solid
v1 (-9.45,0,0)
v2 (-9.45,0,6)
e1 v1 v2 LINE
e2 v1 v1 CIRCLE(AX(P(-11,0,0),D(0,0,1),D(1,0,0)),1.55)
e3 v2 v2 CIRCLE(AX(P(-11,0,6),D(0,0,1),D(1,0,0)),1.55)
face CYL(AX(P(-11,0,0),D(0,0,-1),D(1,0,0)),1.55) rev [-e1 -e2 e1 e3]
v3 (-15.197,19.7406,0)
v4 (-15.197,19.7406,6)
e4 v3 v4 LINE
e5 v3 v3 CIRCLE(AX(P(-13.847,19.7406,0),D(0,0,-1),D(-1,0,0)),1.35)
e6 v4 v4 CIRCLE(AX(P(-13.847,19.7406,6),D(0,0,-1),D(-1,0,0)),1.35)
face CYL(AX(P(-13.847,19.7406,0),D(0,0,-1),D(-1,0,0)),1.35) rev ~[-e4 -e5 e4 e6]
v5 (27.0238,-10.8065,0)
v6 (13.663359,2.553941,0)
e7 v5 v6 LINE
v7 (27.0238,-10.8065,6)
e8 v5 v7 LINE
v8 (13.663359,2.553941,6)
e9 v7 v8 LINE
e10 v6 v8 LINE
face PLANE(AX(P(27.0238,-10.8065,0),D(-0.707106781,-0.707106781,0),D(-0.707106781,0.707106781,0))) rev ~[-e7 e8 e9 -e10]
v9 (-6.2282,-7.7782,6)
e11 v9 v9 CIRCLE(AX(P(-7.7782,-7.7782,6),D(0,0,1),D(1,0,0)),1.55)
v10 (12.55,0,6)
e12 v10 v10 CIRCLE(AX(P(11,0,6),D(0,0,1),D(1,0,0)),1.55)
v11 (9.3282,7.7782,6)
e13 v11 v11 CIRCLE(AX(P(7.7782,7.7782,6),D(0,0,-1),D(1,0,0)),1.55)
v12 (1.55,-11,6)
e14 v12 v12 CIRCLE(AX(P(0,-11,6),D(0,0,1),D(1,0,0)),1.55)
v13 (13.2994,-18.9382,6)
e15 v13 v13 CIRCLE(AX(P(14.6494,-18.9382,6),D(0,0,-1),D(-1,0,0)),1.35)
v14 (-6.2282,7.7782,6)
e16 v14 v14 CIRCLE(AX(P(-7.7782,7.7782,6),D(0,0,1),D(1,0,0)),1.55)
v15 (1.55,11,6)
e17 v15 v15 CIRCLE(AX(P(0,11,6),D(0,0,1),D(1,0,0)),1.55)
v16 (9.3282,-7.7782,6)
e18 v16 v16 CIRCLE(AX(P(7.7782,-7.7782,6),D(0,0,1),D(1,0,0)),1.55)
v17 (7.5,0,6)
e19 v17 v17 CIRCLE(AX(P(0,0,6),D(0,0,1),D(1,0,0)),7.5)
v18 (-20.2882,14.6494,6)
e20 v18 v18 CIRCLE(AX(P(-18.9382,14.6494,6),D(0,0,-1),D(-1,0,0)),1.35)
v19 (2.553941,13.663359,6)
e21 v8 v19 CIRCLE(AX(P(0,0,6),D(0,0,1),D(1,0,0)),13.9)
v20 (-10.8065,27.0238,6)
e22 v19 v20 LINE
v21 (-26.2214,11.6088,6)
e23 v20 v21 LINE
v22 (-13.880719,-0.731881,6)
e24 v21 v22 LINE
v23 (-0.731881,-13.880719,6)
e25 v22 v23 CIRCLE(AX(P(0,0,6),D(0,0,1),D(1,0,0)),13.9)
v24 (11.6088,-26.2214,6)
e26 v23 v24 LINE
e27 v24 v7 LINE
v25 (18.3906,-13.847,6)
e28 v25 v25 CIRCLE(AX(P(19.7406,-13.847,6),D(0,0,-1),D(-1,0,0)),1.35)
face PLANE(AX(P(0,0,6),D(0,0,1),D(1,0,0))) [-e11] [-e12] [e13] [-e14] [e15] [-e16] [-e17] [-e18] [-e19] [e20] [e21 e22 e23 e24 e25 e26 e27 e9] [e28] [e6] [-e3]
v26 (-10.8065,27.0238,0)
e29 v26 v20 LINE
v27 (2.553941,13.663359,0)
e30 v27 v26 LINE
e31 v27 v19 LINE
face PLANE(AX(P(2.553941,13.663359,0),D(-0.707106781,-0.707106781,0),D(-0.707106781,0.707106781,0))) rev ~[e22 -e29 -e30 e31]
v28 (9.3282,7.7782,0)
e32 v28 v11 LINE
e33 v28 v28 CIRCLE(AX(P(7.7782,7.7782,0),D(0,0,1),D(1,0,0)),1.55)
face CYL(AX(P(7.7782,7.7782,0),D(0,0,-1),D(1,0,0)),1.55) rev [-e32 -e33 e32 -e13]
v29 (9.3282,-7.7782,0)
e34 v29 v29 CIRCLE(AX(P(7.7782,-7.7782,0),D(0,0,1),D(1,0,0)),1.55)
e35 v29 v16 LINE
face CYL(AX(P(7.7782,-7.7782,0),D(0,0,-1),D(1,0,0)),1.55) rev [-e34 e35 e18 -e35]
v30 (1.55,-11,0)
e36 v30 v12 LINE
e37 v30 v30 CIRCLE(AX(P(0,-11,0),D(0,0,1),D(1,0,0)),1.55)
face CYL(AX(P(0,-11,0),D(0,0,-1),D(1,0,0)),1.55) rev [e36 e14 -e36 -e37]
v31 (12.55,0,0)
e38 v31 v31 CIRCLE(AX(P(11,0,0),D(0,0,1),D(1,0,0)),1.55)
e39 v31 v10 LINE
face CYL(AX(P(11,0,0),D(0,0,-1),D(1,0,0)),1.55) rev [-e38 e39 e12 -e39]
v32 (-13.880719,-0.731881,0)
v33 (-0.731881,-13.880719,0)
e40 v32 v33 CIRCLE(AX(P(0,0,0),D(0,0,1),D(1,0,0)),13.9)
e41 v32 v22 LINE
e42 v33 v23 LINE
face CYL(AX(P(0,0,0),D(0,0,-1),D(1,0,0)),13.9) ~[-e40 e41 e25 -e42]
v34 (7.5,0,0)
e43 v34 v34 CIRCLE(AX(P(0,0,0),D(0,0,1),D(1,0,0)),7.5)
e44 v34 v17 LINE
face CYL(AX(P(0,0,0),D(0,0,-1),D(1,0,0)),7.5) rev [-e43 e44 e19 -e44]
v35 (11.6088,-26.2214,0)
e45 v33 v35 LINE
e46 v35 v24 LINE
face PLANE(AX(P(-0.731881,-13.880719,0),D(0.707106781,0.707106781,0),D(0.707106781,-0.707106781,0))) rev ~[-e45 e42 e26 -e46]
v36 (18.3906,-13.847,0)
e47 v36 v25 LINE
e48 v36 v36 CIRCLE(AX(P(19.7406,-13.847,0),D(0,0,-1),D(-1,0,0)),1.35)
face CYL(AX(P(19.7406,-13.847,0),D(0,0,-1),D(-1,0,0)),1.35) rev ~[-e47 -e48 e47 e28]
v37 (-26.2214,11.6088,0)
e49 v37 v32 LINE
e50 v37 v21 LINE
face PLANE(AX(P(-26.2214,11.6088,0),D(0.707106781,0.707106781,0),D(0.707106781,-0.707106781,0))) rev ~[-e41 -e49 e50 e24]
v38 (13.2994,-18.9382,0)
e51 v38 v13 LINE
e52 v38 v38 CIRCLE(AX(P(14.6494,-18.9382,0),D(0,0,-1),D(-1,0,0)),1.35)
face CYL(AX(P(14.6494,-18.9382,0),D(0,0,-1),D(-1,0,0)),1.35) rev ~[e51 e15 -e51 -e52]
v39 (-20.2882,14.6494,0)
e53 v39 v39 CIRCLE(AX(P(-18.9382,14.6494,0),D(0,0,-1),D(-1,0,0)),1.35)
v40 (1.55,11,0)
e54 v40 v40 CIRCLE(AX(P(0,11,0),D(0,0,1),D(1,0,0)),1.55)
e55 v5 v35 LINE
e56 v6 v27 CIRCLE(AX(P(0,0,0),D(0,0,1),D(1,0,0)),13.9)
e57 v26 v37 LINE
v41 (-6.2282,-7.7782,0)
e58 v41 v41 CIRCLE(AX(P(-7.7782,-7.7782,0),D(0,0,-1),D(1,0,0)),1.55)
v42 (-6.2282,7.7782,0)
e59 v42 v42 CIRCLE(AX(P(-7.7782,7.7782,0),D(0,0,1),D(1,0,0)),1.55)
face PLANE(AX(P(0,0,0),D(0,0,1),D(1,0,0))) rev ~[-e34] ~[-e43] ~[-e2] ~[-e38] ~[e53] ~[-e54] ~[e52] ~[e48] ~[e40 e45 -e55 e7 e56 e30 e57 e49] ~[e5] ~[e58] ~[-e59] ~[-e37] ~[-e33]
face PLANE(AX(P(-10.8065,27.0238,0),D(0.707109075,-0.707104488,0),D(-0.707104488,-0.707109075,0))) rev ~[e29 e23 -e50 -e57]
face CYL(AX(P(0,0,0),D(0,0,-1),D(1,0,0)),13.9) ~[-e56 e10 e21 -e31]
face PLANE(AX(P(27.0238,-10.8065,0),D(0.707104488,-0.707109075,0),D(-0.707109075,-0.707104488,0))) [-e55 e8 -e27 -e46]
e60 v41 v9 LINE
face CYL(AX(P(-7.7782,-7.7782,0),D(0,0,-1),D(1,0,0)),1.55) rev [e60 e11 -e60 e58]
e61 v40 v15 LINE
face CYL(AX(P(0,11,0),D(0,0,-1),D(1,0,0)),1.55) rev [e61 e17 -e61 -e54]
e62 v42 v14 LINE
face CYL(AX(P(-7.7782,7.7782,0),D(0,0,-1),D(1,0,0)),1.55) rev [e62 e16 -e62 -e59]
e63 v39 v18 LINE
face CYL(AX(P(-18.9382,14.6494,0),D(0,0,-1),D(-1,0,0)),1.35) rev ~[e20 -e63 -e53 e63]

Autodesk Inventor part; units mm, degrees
ref_plane "YZ Plane" through (0, 0, 0) normal (1, 0, 0) x (0, 1, 0)
ref_plane "XZ Plane" through (0, 0, 0) normal (0, 1, 0) x (-1, 0, 0)
ref_plane "XY Plane" through (0, 0, 0) normal (0, 0, 1) x (1, 0, 0)
sketch "스케치1" plane through (0, 0, 0) normal (0, 0, 1) x (1, 0, 0)
  circle A0 centre (-7.7782, -7.7782) radius 1.55 projected
  circle A1 centre (7.7782, -7.7782) radius 1.55 projected
  circle A2 centre (7.7782, 7.7782) radius 1.55 projected
  circle A3 centre (-7.7782, 7.7782) radius 1.55 projected
  circle A4 centre (0, 0) radius 5 projected
  circle A5 centre (0, 0) radius 13.9 projected
  circle A6 centre (0, 11) radius 1.55 projected
  circle A7 centre (11, 0) radius 1.55 projected
  circle A8 centre (0, -11) radius 1.55 projected
  circle A9 centre (-11, 0) radius 1.55 projected
  line L0 (27.0238, -10.8065) -> (11.6088, -26.2214) projected
  line L1 (-10.8065, 27.0238) -> (-26.2214, 11.6088) projected
  line L2 (-10.8065, 27.0238) -> (-26.2214, 11.6088) projected
  line L3 (-10.8065, 27.0238) -> (-26.2214, 11.6088)
  line L4 (-26.2214, 11.6088) -> (11.6088, -26.2214)
  line L5 (11.6088, -26.2214) -> (27.0238, -10.8065)
  line L6 (27.0238, -10.8065) -> (-10.8065, 27.0238)
  line L7 (11.6795, -26.1507) -> (26.9531, -10.8772) projected
  line L8 (26.9531, -10.8772) -> (22.7104, -6.6345) projected
  line L9 (7.4369, -21.908) -> (22.7104, -6.6345) projected
  line L10 (11.6795, -26.1507) -> (7.4369, -21.908) projected
  circle A10 centre (0, 0) radius 7.5 projected
  point P0 (0, 0)
  point P1 (-13.8807, -0.7318)
  point P2 (-0.7318, -13.8807)
  point P3 (13.6634, 2.554)
  point P4 (2.554, 13.6634)
extrude "돌출1" add sketch "스케치1" along normal blind 6 contours A0 L4 A5 L6 A2 | A0 L4 A5 | L4 L1 L6 A5 | A5 L6 L0 L8 L9 L10 L4 | A5 L6 A2 | L10 L9 L8 L0
sketch "스케치2" plane through (0, 0, 0) normal (0, 0, -1) x (-1, 0, 0)
  circle A0 centre (13.847, 19.7406) radius 1.35 projected
  circle A1 centre (18.9382, 14.6494) radius 1.35 projected
  circle A2 centre (-14.6494, -18.9382) radius 1.35 projected
  circle A3 centre (-19.7406, -13.847) radius 1.35 projected
  point P0 (0, 0)
extrude "돌출2" cut sketch "스케치2" against normal blind 6
properties part number "_arm_pti" material "PMMA 플라스틱"
